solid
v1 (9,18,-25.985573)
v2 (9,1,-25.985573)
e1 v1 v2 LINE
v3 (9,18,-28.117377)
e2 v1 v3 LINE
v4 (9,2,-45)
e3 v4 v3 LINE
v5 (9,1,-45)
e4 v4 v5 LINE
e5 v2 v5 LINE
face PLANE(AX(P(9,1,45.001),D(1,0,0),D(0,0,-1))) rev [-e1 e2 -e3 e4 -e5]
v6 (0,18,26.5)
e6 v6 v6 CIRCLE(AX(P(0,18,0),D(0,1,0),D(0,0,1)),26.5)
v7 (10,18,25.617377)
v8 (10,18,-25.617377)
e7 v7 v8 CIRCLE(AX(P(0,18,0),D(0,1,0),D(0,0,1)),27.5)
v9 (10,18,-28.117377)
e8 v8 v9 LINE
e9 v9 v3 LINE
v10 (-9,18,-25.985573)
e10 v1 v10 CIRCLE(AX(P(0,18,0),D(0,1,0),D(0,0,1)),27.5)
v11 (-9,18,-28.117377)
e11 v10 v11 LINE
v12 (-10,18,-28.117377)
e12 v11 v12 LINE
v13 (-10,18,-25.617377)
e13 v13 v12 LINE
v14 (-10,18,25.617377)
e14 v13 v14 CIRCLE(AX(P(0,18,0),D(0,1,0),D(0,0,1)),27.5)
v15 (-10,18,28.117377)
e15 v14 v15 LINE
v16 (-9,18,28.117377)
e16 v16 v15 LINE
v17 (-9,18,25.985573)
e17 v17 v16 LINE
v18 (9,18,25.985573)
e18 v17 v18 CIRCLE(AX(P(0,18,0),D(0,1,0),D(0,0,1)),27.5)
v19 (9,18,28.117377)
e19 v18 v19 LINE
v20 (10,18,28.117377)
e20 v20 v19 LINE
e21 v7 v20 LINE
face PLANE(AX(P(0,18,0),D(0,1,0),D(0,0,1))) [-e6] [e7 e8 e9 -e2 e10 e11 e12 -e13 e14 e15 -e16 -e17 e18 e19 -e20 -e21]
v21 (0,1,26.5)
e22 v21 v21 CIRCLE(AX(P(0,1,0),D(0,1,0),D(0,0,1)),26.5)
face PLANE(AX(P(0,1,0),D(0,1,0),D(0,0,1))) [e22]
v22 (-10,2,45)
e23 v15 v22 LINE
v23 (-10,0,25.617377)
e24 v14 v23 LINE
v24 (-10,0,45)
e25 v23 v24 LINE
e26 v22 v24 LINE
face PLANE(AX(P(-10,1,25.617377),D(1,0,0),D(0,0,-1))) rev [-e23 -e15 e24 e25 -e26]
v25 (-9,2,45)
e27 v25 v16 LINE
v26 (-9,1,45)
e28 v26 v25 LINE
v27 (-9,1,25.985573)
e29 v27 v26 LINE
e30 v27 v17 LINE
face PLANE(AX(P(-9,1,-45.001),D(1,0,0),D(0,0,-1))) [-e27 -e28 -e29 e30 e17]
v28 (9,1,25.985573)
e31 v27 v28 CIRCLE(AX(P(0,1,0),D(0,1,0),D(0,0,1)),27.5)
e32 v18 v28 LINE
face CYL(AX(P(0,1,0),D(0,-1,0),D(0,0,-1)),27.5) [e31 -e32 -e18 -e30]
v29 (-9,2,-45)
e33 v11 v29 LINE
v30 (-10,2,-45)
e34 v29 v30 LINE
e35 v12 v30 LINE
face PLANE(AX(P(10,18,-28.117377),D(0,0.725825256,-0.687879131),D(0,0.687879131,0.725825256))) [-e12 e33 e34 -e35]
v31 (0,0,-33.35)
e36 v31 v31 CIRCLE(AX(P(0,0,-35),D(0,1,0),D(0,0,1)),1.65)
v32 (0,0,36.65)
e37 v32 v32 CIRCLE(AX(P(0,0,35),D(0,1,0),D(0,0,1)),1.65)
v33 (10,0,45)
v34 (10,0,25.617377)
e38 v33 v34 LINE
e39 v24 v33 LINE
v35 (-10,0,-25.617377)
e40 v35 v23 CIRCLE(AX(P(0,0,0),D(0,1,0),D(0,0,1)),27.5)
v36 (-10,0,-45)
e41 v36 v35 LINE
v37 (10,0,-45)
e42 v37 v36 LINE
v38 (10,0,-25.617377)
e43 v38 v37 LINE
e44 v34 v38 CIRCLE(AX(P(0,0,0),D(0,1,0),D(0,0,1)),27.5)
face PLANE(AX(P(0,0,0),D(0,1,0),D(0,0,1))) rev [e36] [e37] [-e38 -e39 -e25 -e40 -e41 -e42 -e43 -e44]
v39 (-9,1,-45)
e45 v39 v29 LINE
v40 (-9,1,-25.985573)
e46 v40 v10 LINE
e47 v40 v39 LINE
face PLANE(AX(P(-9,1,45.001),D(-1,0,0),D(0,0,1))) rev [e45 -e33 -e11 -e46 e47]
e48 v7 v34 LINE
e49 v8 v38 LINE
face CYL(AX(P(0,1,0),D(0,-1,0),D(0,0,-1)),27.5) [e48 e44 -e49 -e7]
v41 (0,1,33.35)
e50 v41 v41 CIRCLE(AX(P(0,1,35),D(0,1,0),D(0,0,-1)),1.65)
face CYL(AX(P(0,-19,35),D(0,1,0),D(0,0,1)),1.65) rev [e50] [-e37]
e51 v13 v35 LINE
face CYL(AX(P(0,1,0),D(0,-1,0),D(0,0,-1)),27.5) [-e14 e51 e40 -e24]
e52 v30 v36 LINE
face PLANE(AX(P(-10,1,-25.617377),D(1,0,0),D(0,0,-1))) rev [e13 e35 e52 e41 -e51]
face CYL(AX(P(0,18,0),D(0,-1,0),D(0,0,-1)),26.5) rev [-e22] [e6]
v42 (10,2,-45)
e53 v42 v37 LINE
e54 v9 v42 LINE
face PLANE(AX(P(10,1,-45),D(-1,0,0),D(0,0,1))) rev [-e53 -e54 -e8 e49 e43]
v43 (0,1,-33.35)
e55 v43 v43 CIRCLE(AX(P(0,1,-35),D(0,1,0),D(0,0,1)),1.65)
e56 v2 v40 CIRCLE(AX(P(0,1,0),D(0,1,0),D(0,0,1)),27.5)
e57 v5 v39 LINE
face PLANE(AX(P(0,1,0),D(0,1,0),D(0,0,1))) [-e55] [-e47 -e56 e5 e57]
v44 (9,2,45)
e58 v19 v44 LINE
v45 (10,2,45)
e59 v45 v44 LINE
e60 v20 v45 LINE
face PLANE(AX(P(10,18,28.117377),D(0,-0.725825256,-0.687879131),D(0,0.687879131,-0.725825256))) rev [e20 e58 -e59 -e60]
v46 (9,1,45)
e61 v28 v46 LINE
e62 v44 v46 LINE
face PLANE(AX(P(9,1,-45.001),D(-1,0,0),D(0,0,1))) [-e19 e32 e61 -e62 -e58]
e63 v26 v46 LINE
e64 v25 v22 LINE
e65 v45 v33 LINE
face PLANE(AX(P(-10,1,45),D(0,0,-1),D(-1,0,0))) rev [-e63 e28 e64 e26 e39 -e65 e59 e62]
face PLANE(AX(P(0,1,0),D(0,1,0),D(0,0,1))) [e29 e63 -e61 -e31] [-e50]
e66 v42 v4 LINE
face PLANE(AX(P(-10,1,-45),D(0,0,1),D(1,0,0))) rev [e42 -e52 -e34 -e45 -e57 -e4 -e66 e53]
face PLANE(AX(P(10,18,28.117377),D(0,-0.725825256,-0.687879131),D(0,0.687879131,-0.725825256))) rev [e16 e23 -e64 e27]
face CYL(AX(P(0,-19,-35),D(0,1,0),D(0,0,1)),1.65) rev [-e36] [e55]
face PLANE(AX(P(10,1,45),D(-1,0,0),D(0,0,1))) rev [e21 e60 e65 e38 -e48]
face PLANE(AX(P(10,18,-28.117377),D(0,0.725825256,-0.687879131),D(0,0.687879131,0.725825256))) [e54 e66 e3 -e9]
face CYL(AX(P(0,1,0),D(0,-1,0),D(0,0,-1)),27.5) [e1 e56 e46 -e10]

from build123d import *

# Parameters (mm, degrees)
EXTRUDE_2_DEPTH      = 1
SKETCH_6_R           = 27.5
SKETCH_6_R_2         = 26.5
EXTRUDE_3_DEPTH      = 17
EXTRUDE_4_REACH      = 97.814
EXTRUDE_4_END_RADIUS = 27.5
SKETCH_8_W           = 1
SKETCH_8_H           = 17
CUT_EXTRUDE_2_DEPTH  = 20
SKETCH_11_R          = 1.65
CUT_EXTRUDE_3_DEPTH  = 20


with BuildPart() as part:
    # 草图3 → 凸台-拉伸2 (new body)
    with BuildSketch(Plane(origin=(0, 0, 0), x_dir=(1, 0, 0), z_dir=(0, 1, 0))):
        with BuildLine():
            Line((-10, 25.617376915), (-10, 45))
            Line((-10, 45), (10, 45))
            Line((10, 45), (10, 25.617376915))
            ThreePointArc((10, 25.617376915), (27.5, 0), (10, -25.617376915))
            Line((10, -25.617376915), (10, -45))
            Line((10, -45), (-10, -45))
            Line((-10, -45), (-10, -25.617376915))
            ThreePointArc((-10, -25.617376915), (-27.5, 0), (-10, 25.617376915))
        make_face()
    extrude(amount=EXTRUDE_2_DEPTH)

    # 草图6 → 凸台-拉伸3 (add)
    with BuildSketch(Plane(origin=(0, 1, 0), x_dir=(1, 0, 0), z_dir=(0, 1, 0))):
        with Locations(Location((0, 0, 0), (0, 0, 68.676313737))):
            Circle(SKETCH_6_R)
        with Locations(Location((0, 0, 0), (0, 0, 270))):
            Circle(SKETCH_6_R_2, mode=Mode.SUBTRACT)
    extrude(amount=EXTRUDE_3_DEPTH)

    # 凸台-拉伸4: up to this cylinder (the profile starts outside it)
    extrude_4_end = Plane(origin=(0, 9.5, 0), z_dir=(0, -1, 0)) * Cylinder(EXTRUDE_4_END_RADIUS, 251.628, mode=Mode.PRIVATE)
    # 草图8 → 凸台-拉伸4 (add, up to the surface)
    with BuildSketch(Plane.XY.offset(45), mode=Mode.PRIVATE) as extrude_4_sk1:
        with Locations((-9.5, 9.5)):
            Rectangle(SKETCH_8_W, SKETCH_8_H)
    extrude_4_tool1 = extrude(extrude_4_sk1.sketch, amount=-EXTRUDE_4_REACH, mode=Mode.PRIVATE) - extrude_4_end
    # 草图8 → 凸台-拉伸4 (add, up to the surface)
    with BuildSketch(Plane.XY.offset(45), mode=Mode.PRIVATE) as extrude_4_sk2:
        with Locations((9.5, 9.5)):
            Rectangle(SKETCH_8_W, SKETCH_8_H)
    extrude_4_tool2 = extrude(extrude_4_sk2.sketch, amount=-EXTRUDE_4_REACH, mode=Mode.PRIVATE) - extrude_4_end
    extrude_4 = extrude_4_tool1.solids().sort_by_distance((-9.5, 9.5, 45))[0] + extrude_4_tool2.solids().sort_by_distance((9.5, 9.5, 45))[0]
    add(extrude_4)

    # 草图9 → 切除-拉伸2 (cut)
    with BuildSketch(Plane.ZY.offset(10)):
        Polygon((28.117376915, 18), (45, 2), (45, 18), align=None)
    cut_extrude_2 = extrude(amount=-CUT_EXTRUDE_2_DEPTH, mode=Mode.SUBTRACT)

    # 镜向1: 凸台-拉伸4, 切除-拉伸2 across plane
    add(extrude_4.mirror(Plane.XY))
    add(cut_extrude_2.mirror(Plane.XY), mode=Mode.SUBTRACT)

    # 草图11 → 切除-拉伸3 (cut)
    with BuildSketch(Plane(origin=(0, 1, 0), x_dir=(1, 0, 0), z_dir=(0, 1, 0))):
        with Locations(Location((0, 35, 0), (0, 0, 270))):
            Circle(SKETCH_11_R)
        with Locations(Location((0, -35, 0), (0, 0, 270))):
            Circle(SKETCH_11_R)
    extrude(amount=-CUT_EXTRUDE_3_DEPTH, mode=Mode.SUBTRACT)


solid = part.part
